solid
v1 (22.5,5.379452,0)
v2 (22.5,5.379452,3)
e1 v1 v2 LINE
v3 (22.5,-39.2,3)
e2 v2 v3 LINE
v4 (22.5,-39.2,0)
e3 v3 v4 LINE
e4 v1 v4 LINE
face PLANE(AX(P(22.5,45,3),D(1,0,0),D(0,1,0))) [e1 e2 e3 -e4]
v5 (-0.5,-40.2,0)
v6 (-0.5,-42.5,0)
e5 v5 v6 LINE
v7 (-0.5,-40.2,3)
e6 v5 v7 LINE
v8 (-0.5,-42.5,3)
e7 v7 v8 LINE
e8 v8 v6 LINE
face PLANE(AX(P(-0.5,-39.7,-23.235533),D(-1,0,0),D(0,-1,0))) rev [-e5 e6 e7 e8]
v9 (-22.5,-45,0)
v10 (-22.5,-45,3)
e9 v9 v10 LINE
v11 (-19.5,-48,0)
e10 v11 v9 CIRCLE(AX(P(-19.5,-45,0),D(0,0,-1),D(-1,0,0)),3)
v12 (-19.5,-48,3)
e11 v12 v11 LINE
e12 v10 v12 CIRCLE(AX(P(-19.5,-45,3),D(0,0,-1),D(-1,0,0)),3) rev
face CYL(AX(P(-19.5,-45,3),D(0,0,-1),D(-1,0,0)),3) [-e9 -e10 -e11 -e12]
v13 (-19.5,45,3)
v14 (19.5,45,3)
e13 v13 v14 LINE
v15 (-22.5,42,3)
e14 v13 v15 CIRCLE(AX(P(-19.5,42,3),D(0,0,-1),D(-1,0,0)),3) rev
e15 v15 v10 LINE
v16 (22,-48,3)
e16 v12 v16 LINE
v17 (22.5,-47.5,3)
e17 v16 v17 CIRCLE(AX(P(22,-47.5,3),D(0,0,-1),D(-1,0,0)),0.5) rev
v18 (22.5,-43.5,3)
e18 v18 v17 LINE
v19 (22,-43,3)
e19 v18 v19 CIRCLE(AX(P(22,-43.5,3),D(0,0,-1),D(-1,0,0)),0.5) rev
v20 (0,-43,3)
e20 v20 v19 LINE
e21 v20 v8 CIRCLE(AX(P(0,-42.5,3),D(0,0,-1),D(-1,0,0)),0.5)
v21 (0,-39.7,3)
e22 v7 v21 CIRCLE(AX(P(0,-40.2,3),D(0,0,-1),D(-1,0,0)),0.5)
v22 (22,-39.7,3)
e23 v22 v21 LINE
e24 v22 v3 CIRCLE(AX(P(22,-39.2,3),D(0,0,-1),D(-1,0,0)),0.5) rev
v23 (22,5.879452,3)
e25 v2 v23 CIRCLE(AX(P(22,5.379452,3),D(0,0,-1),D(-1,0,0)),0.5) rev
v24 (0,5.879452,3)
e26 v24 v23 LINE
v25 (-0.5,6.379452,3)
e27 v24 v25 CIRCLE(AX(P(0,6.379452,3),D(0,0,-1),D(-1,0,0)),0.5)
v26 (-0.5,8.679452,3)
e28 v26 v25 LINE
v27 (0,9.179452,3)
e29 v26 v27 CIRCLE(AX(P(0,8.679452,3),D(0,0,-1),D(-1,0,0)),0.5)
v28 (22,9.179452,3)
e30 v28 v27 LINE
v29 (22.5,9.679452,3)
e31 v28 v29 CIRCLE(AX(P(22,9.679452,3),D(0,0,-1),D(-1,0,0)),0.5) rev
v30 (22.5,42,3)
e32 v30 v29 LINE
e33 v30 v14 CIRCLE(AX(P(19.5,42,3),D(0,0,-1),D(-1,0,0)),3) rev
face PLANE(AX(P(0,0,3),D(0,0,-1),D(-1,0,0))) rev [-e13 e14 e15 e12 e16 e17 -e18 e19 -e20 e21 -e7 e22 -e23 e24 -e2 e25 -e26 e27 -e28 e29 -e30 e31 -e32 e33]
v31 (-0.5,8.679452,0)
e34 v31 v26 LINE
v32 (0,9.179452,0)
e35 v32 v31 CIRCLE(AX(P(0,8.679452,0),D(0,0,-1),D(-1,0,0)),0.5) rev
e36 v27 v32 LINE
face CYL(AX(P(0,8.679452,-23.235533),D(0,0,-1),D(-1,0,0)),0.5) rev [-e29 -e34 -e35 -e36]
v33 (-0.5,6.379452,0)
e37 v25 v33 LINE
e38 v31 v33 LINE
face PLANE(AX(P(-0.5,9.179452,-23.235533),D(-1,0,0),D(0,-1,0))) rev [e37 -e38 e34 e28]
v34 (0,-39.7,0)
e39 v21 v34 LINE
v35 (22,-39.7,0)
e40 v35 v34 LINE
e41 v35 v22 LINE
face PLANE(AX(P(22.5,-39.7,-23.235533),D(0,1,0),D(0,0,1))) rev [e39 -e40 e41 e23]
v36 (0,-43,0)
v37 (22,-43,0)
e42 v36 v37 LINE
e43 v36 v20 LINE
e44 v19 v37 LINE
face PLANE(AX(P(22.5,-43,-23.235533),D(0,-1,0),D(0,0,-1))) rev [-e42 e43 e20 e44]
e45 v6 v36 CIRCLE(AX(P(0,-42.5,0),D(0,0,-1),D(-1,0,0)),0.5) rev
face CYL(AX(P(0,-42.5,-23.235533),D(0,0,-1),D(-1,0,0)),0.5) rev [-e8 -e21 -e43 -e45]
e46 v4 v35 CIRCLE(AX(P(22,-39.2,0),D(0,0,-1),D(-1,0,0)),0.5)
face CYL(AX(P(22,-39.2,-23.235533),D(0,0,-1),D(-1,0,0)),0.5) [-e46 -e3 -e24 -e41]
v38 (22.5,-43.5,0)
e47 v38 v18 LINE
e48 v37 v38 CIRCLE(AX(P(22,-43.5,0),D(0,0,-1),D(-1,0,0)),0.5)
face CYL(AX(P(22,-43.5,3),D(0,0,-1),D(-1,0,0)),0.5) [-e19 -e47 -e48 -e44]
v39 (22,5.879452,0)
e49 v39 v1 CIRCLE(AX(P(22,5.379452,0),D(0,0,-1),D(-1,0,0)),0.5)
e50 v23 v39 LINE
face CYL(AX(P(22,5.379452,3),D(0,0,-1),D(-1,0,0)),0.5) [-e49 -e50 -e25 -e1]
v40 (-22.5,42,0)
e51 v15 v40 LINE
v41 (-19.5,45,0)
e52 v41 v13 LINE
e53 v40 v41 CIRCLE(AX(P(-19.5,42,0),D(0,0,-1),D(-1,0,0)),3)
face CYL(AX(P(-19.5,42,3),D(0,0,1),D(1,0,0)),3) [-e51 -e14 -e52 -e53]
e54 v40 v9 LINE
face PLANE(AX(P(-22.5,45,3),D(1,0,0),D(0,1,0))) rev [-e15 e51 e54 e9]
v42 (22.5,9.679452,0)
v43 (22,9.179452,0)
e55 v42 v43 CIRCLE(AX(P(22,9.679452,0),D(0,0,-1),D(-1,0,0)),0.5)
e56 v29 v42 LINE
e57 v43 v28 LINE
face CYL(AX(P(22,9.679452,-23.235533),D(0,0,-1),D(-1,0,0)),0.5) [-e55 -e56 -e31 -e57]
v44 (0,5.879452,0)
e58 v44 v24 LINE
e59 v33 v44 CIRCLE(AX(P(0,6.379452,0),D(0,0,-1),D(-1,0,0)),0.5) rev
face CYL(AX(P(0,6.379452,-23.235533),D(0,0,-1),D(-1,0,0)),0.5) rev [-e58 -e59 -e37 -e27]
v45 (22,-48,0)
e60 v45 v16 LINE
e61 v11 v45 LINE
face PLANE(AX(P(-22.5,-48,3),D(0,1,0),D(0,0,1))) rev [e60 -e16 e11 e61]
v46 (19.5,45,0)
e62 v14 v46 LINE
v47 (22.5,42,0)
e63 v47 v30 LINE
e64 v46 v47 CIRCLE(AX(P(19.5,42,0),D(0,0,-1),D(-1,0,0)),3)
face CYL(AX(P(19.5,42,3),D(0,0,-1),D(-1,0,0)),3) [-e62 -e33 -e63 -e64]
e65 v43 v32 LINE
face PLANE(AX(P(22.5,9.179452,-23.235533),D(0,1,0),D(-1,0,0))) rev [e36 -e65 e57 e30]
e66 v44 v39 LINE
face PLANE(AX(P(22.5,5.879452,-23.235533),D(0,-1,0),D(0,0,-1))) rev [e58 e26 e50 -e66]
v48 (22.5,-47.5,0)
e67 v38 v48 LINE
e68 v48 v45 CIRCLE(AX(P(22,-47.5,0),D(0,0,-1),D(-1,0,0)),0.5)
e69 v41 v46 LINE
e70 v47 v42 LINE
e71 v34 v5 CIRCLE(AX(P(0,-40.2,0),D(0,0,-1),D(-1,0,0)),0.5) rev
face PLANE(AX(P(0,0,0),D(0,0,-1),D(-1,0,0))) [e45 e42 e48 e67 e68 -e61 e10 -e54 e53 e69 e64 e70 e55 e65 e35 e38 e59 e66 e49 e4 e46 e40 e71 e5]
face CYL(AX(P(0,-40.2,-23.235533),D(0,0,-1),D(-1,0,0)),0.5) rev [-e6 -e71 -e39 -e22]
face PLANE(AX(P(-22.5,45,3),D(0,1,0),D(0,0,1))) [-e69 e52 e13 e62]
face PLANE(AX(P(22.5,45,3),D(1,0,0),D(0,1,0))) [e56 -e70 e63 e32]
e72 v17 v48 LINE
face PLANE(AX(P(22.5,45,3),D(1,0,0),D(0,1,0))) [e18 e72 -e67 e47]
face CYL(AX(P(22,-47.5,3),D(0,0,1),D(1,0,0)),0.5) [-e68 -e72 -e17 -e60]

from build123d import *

# Parameters (mm, degrees)
CROQUIS1_W              = 45
CROQUIS1_H              = 93
SALIENTE_EXTRUIR1_DEPTH = 3
CROQUIS2_W              = 23
CROQUIS2_H              = 3.3
CORTAR_EXTRUIR1_DEPTH   = 3
CROQUIS3_W              = 23
CROQUIS3_H              = 3.3
CORTAR_EXTRUIR2_DEPTH   = 3
REDONDEO1_R             = 3
REDONDEO2_R             = 0.5


with BuildPart() as part:
    # Croquis1 → Saliente-Extruir1 (new body)
    with BuildSketch(Plane.XY):
        with Locations((0, -1.5)):
            Rectangle(CROQUIS1_W, CROQUIS1_H)
    extrude(amount=SALIENTE_EXTRUIR1_DEPTH)

    # Croquis2 → Cortar-Extruir1 (cut)
    with BuildSketch(Plane.XY.offset(3)):
        with Locations((11, 7.529451896)):
            Rectangle(CROQUIS2_W, CROQUIS2_H)
    extrude(amount=-CORTAR_EXTRUIR1_DEPTH, mode=Mode.SUBTRACT)

    # Croquis3 → Cortar-Extruir2 (cut)
    with BuildSketch(Plane.XY.offset(3)):
        with Locations((11, -41.35)):
            Rectangle(CROQUIS3_W, CROQUIS3_H)
    extrude(amount=-CORTAR_EXTRUIR2_DEPTH, mode=Mode.SUBTRACT)

    # Redondeo1
    redondeo1_edges = [part.edges().sort_by_distance(p)[0] for p in [
        (-22.5, 45, 1.5),
        (-22.5, -48, 1.5),
        (22.5, 45, 1.5),
    ]]
    fillet(redondeo1_edges, radius=REDONDEO1_R)

    # Redondeo2
    redondeo2_edges = [part.edges().sort_by_distance(p)[0] for p in [
        (-0.5, 9.179451896, 1.5),
        (-0.5, 5.879451896, 1.5),
        (22.5, 5.879451896, 1.5),
        (22.5, 9.179451896, 1.5),
        (-0.5, -39.7, 1.5),
        (-0.5, -43, 1.5),
        (22.5, -43, 1.5),
        (22.5, -39.7, 1.5),
        (22.5, -48, 1.5),
    ]]
    fillet(redondeo2_edges, radius=REDONDEO2_R)


solid = part.part
